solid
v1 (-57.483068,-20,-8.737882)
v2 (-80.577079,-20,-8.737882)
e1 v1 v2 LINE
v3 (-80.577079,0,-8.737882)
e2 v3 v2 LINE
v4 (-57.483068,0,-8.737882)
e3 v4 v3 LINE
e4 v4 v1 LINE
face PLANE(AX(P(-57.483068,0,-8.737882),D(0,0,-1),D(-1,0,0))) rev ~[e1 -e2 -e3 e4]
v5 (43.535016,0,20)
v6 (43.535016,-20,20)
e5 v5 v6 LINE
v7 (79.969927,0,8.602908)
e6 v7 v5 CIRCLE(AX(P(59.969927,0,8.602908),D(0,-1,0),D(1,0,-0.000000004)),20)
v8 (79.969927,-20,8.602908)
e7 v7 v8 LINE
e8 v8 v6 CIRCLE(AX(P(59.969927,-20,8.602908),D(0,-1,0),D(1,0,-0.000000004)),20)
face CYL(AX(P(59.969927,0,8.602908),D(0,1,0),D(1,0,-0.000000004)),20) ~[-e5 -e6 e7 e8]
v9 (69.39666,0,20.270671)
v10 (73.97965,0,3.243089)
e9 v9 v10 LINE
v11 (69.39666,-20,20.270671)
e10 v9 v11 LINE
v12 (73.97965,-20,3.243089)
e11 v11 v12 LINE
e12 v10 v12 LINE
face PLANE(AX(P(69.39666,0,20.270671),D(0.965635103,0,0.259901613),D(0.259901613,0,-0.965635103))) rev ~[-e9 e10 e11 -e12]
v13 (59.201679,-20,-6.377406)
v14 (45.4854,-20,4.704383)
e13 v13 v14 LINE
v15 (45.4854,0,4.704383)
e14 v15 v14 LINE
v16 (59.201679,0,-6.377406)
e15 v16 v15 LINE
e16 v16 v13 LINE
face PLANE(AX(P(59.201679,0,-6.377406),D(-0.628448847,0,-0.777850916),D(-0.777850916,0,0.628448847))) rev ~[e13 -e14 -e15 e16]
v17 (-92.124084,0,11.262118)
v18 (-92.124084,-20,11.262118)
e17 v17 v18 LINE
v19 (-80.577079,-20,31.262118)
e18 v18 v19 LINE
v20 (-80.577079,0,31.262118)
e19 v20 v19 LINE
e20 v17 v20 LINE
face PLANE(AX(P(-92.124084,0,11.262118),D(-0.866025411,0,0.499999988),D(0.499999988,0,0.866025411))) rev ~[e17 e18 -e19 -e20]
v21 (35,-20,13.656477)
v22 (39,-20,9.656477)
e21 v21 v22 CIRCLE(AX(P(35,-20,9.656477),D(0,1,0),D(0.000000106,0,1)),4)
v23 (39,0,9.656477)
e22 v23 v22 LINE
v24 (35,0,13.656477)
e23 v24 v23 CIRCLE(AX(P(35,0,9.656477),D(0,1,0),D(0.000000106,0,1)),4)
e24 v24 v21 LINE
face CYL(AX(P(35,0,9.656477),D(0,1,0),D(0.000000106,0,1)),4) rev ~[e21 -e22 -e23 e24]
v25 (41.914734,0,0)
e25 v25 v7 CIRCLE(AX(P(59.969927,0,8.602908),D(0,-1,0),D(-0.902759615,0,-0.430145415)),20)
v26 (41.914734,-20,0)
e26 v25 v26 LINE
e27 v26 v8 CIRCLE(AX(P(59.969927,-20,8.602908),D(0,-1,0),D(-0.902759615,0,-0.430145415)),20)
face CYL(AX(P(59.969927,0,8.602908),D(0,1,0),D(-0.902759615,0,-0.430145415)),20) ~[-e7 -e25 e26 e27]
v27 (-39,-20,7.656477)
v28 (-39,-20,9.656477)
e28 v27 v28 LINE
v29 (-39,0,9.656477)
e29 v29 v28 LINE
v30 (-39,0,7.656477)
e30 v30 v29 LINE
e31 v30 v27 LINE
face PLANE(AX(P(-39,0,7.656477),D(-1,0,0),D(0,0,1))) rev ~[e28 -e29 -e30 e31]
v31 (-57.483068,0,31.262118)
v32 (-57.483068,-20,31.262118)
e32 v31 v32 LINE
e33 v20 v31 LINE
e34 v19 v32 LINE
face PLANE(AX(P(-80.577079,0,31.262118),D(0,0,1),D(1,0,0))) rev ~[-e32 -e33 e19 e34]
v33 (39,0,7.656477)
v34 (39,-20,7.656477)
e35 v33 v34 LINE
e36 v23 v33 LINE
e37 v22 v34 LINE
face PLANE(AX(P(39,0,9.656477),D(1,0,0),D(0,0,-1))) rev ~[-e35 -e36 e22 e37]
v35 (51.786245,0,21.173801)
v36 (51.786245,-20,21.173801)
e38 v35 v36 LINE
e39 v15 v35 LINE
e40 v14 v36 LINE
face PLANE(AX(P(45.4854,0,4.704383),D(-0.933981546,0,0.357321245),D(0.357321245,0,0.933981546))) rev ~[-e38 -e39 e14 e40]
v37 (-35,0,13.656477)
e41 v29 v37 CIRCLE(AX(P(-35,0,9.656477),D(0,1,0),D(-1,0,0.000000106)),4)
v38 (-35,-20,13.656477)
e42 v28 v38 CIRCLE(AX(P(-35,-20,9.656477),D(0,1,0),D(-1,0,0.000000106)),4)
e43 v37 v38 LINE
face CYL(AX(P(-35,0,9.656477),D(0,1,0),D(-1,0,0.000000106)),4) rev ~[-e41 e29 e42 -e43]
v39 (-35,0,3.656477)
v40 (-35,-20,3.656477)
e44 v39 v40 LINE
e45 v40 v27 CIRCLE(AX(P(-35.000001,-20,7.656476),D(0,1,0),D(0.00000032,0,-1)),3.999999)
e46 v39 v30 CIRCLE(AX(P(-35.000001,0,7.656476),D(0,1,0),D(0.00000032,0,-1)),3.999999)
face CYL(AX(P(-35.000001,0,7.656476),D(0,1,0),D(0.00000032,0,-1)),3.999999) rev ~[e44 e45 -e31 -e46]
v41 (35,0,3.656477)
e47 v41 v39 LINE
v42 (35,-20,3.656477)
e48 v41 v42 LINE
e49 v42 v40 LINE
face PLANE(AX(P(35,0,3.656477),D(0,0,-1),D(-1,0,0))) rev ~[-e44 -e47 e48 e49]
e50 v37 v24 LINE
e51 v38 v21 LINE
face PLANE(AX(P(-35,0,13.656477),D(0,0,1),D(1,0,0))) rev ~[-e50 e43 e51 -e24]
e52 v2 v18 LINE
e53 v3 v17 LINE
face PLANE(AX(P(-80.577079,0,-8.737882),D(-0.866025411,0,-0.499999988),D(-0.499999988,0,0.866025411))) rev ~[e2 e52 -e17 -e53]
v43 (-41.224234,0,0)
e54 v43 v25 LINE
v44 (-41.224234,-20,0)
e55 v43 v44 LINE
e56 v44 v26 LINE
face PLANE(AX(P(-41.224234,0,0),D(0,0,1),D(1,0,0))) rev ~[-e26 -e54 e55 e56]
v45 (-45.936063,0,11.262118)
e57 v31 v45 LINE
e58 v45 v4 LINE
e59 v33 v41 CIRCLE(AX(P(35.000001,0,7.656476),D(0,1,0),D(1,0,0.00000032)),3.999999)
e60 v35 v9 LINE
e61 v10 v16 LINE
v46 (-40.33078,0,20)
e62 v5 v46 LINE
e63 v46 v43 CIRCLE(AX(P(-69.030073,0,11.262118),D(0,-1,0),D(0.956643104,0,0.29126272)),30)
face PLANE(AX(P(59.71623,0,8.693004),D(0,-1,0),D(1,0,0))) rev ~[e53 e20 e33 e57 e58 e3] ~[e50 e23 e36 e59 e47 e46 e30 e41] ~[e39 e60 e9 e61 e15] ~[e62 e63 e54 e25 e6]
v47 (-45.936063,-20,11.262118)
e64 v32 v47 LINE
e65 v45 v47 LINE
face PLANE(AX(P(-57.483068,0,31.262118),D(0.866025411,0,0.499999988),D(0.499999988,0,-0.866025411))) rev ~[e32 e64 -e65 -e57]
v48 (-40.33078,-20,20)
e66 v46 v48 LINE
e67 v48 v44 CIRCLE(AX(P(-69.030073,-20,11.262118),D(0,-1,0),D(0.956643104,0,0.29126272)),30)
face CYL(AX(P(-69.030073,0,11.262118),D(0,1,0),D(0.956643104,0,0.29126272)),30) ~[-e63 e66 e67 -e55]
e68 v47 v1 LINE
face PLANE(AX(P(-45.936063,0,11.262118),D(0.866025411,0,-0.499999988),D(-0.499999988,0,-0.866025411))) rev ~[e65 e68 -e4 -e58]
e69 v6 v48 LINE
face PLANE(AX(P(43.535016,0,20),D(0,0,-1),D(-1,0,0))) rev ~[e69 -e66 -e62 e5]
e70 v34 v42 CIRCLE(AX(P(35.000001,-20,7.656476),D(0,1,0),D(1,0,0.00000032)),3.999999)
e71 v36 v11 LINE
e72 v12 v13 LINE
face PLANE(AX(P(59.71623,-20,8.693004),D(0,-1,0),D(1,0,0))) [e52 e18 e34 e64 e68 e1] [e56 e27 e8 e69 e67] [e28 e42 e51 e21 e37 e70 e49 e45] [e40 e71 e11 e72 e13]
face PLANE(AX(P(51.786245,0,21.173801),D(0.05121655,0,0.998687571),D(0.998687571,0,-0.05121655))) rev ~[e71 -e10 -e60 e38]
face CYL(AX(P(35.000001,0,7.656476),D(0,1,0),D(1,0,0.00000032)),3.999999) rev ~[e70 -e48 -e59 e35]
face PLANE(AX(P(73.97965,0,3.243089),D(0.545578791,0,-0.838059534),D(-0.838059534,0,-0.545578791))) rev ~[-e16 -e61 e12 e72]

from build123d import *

# Parameters (mm, degrees)
F1_DEPTH = 20


with BuildPart() as f1:
    # F0 (on Front) → F1 (new body)
    with BuildSketch(Plane.XZ):
        with BuildLine():
            ThreePointArc((79.969927, 8.602908), (65.940764, 27.690839), (43.535016, 20))
            ThreePointArc((43.535016, 20), (40.035238, 10.217898), (41.914734, 0))
            ThreePointArc((41.914734, 0), (64.379924, -10.904832), (79.969927, 8.602908))
        make_face()
        Polygon((51.786245, 21.173801), (69.39666, 20.270671), (73.97965, 3.243089), (59.201679, -6.377406), (45.4854, 4.704383), align=None, mode=Mode.SUBTRACT)
        with BuildLine():
            ThreePointArc((-40.33078, 20), (-39.357032, 15.679199), (-39.030073, 11.262118))
            ThreePointArc((-39.030073, 11.262118), (-39.583722, 5.525184), (-41.224234, 0))
            Line((-41.224234, 0), (41.914734, 0))
            ThreePointArc((41.914734, 0), (40.035238, 10.217898), (43.535016, 20))
            Line((43.535016, 20), (-40.33078, 20))
        make_face()
        with BuildLine():
            ThreePointArc((-39, 9.656477), (-37.828427, 12.484904), (-35, 13.656477))
            Line((-35, 13.656477), (35, 13.656477))
            ThreePointArc((35, 13.656477), (37.828427, 12.484904), (39, 9.656477))
            Line((39, 9.656477), (39, 7.656477))
            ThreePointArc((39, 7.656477), (37.828427, 4.828049), (35, 3.656477))
            Line((35, 3.656477), (-35, 3.656477))
            ThreePointArc((-35, 3.656477), (-37.828427, 4.828049), (-39, 7.656477))
            Line((-39, 7.656477), (-39, 9.656477))
        make_face(mode=Mode.SUBTRACT)
        with BuildLine():
            ThreePointArc((-41.224234, 0), (-39.583722, 5.525184), (-39.030073, 11.262118))
            ThreePointArc((-39.030073, 11.262118), (-39.357032, 15.679199), (-40.33078, 20))
            ThreePointArc((-40.33078, 20), (-99.000183, 12.600964), (-41.224234, 0))
        make_face()
        Polygon((-92.124084, 11.262118), (-80.577079, 31.262118), (-57.483068, 31.262118), (-45.936063, 11.262118), (-57.483068, -8.737882), (-80.577079, -8.737882), align=None, mode=Mode.SUBTRACT)
    extrude(amount=F1_DEPTH)


solid = f1.part
